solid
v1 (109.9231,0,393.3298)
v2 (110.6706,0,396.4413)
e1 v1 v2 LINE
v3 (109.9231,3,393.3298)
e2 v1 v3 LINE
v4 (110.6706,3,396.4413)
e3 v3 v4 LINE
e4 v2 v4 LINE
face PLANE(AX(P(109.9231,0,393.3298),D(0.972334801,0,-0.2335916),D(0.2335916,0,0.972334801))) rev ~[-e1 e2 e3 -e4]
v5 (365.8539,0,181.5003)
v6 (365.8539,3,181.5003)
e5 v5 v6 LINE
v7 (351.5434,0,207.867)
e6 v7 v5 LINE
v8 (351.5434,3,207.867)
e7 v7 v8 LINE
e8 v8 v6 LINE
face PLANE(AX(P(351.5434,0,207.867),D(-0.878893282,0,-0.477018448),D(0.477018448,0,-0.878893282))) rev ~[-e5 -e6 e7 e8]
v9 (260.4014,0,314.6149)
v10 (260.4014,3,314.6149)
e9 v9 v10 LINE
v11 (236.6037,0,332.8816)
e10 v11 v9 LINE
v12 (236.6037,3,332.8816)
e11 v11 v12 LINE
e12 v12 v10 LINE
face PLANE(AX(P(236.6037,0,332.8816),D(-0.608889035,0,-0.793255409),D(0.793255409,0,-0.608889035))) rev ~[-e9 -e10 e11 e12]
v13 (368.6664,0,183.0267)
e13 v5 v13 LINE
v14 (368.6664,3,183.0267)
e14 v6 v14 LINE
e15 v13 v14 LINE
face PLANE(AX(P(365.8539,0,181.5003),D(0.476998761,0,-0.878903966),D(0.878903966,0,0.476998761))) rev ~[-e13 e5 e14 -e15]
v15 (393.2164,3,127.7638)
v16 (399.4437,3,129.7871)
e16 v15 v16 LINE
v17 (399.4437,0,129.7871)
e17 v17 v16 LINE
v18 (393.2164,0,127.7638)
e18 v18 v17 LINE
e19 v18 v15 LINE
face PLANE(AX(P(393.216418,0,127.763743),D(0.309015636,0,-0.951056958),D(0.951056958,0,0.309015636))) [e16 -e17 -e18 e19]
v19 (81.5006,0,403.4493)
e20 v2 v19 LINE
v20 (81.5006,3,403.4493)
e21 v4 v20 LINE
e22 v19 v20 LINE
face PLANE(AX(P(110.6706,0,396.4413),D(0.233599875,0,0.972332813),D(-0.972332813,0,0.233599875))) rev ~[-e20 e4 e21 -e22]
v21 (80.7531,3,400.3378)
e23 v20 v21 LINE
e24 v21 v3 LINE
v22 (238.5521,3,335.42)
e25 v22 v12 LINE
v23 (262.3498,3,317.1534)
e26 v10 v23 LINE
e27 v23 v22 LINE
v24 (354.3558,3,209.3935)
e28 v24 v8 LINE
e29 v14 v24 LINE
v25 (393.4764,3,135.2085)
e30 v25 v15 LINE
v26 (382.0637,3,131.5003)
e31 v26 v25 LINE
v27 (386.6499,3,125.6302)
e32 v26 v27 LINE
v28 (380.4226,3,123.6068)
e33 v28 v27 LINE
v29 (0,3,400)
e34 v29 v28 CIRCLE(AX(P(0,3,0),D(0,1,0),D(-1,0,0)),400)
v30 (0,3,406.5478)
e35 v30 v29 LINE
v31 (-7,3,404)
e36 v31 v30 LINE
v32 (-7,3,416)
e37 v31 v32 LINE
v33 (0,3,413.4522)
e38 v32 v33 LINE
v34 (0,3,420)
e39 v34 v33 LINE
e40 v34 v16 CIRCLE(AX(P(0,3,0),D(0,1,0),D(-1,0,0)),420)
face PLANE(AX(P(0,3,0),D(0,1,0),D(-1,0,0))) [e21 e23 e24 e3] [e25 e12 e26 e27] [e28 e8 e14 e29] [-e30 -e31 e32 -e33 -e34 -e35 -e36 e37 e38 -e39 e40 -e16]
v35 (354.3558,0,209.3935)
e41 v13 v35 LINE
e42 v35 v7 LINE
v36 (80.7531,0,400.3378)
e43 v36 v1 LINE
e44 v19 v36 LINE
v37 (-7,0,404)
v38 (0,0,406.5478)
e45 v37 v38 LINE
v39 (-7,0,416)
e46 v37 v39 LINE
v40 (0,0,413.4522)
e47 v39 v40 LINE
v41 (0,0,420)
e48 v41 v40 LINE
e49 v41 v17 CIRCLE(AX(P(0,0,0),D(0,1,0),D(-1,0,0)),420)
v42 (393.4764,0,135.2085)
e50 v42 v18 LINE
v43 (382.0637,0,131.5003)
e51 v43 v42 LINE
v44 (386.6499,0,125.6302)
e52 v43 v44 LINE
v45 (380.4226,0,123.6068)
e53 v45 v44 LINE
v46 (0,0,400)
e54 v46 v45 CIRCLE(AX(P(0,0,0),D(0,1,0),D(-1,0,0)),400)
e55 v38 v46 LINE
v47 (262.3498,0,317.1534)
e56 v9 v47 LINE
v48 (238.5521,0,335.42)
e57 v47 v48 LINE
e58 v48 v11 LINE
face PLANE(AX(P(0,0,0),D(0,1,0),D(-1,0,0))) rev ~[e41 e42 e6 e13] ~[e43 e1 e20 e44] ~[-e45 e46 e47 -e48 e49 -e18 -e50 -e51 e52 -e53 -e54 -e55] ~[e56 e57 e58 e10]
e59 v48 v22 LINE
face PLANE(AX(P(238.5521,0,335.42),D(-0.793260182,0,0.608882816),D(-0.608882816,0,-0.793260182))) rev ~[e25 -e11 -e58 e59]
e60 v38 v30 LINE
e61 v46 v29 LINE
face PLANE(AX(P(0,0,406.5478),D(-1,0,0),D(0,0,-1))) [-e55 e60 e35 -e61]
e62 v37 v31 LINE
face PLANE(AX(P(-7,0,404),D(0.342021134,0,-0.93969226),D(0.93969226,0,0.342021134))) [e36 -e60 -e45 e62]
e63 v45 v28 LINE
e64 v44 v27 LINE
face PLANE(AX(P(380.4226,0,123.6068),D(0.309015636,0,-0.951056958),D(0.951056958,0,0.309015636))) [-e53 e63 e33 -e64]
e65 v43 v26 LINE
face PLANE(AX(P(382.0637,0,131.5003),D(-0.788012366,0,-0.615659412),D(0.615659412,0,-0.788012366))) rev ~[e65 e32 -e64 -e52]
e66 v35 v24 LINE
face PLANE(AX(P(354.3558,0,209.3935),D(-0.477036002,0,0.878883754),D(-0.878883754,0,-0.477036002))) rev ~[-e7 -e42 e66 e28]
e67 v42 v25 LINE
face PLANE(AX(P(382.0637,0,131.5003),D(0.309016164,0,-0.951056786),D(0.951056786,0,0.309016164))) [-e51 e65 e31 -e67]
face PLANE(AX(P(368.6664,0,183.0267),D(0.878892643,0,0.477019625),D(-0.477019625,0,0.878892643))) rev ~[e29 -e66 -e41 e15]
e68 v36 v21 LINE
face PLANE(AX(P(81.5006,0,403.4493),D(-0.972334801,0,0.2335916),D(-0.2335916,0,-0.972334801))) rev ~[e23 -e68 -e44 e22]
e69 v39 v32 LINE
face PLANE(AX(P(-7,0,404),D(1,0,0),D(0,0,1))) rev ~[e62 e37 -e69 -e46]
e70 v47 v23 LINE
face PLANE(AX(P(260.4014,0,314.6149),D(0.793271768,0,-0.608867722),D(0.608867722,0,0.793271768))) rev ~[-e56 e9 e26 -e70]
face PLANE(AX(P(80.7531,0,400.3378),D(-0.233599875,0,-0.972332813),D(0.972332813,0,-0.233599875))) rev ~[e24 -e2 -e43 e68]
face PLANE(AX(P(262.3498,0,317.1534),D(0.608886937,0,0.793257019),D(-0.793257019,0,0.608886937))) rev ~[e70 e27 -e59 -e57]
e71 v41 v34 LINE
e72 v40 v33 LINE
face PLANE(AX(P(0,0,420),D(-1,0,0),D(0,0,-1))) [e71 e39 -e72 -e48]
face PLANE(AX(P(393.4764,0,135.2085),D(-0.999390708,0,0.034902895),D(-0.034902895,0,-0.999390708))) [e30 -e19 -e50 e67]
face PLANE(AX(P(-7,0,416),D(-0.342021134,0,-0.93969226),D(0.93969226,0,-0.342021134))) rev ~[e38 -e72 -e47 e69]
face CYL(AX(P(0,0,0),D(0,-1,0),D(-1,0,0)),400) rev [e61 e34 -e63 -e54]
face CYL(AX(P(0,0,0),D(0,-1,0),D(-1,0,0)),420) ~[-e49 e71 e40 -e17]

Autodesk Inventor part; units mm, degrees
ref_plane "YZ Plane" through (0, 0, 0) normal (1, 0, 0) x (0, 1, 0)
ref_plane "XZ Plane" through (0, 0, 0) normal (0, 1, 0) x (-1, 0, 0)
ref_plane "XY Plane" through (0, 0, 0) normal (0, 0, 1) x (1, 0, 0)
sketch "Sketch1" plane through (0, 0, 0) normal (0, 1, 0) x (-1, 0, 0)
  circle A0 centre (0, 0) radius 400
  circle A1 centre (0, 0) radius 420
  line L0 (420, 0) -> (400, 0)
  line L1 (-420, 0) -> (-400, 0)
  line L2 (0, 0) -> (-380.4226, 123.6068) construction
  line L3 (0, 400) -> (0, 0) construction
  line L4 (0, 420) -> (0, 400)
  line L5 (-380.4226, 123.6068) -> (-399.4437, 129.7871)
  line L6 (-382.0637, 131.5003) -> (-393.4764, 135.2085)
  line L7 (-393.4764, 135.2085) -> (-393.2164, 127.7638)
  line L8 (-382.0637, 131.5003) -> (-386.6499, 125.6302)
  line L9 (-389.9332, 126.697) -> (-387.7701, 133.3544) construction
  line L10 (-368.6664, 183.0267) -> (-354.3558, 209.3935)
  line L11 (-354.3558, 209.3935) -> (-351.5434, 207.867)
  line L12 (-351.5434, 207.867) -> (-365.8539, 181.5003)
  line L13 (-365.8539, 181.5003) -> (-368.6664, 183.0267)
  line L14 (-368.6664, 183.0267) -> (-351.5434, 207.867) construction
  line L15 (-354.3558, 209.3935) -> (-365.8539, 181.5003) construction
  circle A2 centre (0, 0) radius 410 construction
  line L16 (-243.1284, -322.7284) -> (-238.9628, -328.9041)
  line L17 (-250.1818, -332.4366) -> (-243.0211, -334.4899)
  line L18 (-243.1284, -322.7284) -> (-250.1818, -332.4366)
  line L19 (231.8021, -330.9574) -> (238.9628, -328.9041)
  line L20 (238.8555, -340.6656) -> (243.0211, -334.4899)
  line L21 (231.8021, -330.9574) -> (238.8555, -340.6656)
  line L22 (386.39, 118.1855) -> (386.6499, 125.6302)
  line L23 (397.8026, 121.8937) -> (393.2164, 127.7638)
  line L24 (386.39, 118.1855) -> (397.8026, 121.8937)
  line L25 (7, 404) -> (0, 406.5478)
  line L26 (7, 416) -> (0, 413.4522)
  line L27 (7, 404) -> (7, 416)
  line L28 (-411.2372, 17.2531) -> (-408.8882, 47.161)
  line L29 (-408.047, 17.0025) -> (-411.2372, 17.2531)
  line L30 (-405.698, 46.9104) -> (-408.047, 17.0025)
  line L31 (-408.8882, 47.161) -> (-405.698, 46.9104)
  line L32 (-382.7013, -151.5037) -> (-392.72, -123.2261)
  line L33 (-379.685, -150.4351) -> (-382.7013, -151.5037)
  line L34 (-389.7037, -122.1574) -> (-379.685, -150.4351)
  line L35 (-392.72, -123.2261) -> (-389.7037, -122.1574)
  line L36 (-287.9929, -294.0642) -> (-308.647, -272.3062)
  line L37 (-285.6721, -291.8611) -> (-287.9929, -294.0642)
  line L38 (-306.3262, -270.1031) -> (-285.6721, -291.8611)
  line L39 (-308.647, -272.3062) -> (-306.3262, -270.1031)
  line L40 (-143.488, -385.7783) -> (-171.2062, -374.3022)
  line L41 (-142.2638, -382.8217) -> (-143.488, -385.7783)
  line L42 (-169.982, -371.3456) -> (-142.2638, -382.8217)
  line L43 (-171.2062, -374.3022) -> (-169.982, -371.3456)
  line L44 (25.8274, -410.7878) -> (-4.1622, -411.5779)
  line L45 (25.7431, -407.5889) -> (25.8274, -410.7878)
  line L46 (-4.2465, -408.379) -> (25.7431, -407.5889)
  line L47 (-4.1622, -411.5779) -> (-4.2465, -408.379)
  line L48 (190.677, -364.7684) -> (163.6015, -377.688)
  line L49 (189.2989, -361.8803) -> (190.677, -364.7684)
  line L50 (162.2234, -374.8) -> (189.2989, -361.8803)
  line L51 (163.6015, -377.688) -> (162.2234, -374.8)
  line L52 (322.5567, -255.6772) -> (303.0769, -278.4925)
  line L53 (320.1231, -253.5994) -> (322.5567, -255.6772)
  line L54 (300.6433, -276.4146) -> (320.1231, -253.5994)
  line L55 (303.0769, -278.4925) -> (300.6433, -276.4146)
  line L56 (398.6635, -102.3771) -> (390.1476, -131.143)
  line L57 (395.5952, -101.4687) -> (398.6635, -102.3771)
  line L58 (387.0793, -130.2347) -> (395.5952, -101.4687)
  line L59 (390.1476, -131.143) -> (387.0793, -130.2347)
  line L60 (405.8378, 68.6249) -> (409.7583, 38.8822)
  line L61 (402.6652, 68.2067) -> (405.8378, 68.6249)
  line L62 (406.5857, 38.464) -> (402.6652, 68.2067)
  line L63 (409.7583, 38.8822) -> (406.5857, 38.464)
  line L64 (342.839, 227.7611) -> (358.518, 202.1844)
  line L65 (340.1108, 226.0887) -> (342.839, 227.7611)
  line L66 (355.7898, 200.5119) -> (340.1108, 226.0887)
  line L67 (358.518, 202.1844) -> (355.7898, 200.5119)
  line L68 (220.5602, 347.5153) -> (245.2867, 330.527)
  line L69 (218.7481, 344.8778) -> (220.5602, 347.5153)
  line L70 (243.4746, 327.8895) -> (218.7481, 344.8778)
  line L71 (245.2867, 330.527) -> (243.4746, 327.8895)
  line L72 (60.1446, 407.1809) -> (89.6431, 401.7186)
  line L73 (59.5619, 404.0344) -> (60.1446, 407.1809)
  line L74 (89.0604, 398.572) -> (59.5619, 404.0344)
  line L75 (89.6431, 401.7186) -> (89.0604, 398.572)
  line L76 (-110.6706, 396.4413) -> (-81.5006, 403.4493)
  line L77 (-109.9231, 393.3298) -> (-110.6706, 396.4413)
  line L78 (-80.7531, 400.3378) -> (-109.9231, 393.3298)
  line L79 (-81.5006, 403.4493) -> (-80.7531, 400.3378)
  line L80 (-262.3498, 317.1534) -> (-238.5521, 335.42)
  line L81 (-260.4014, 314.6149) -> (-262.3498, 317.1534)
  line L82 (-236.6037, 332.8816) -> (-260.4014, 314.6149)
  line L83 (-238.5521, 335.42) -> (-236.6037, 332.8816)
  point P0 (410, 0)
  point P1 (-410, 0)
  point P2 (-360.1049, 195.4469)
  point P3 (-78.3853, 402.4372)
  point P4 (-367.2602, 182.2635)
  point P5 (-352.9496, 208.6303)
  point P6 (-246.6551, -327.5825)
  point P7 (235.3288, -335.8115)
  point P8 (392.0963, 120.0396)
  point P9 (7, 410)
  point P10 (-409.6421, 17.1278)
  point P11 (-407.2931, 47.0357)
  point P12 (-381.1932, -150.9694)
  point P13 (-391.2119, -122.6917)
  point P14 (-286.8325, -292.9626)
  point P15 (-307.4866, -271.2047)
  point P16 (-142.8759, -384.3)
  point P17 (-170.5941, -372.8239)
  point P18 (25.7853, -409.1884)
  point P19 (-4.2043, -409.9784)
  point P20 (189.9879, -363.3244)
  point P21 (162.9124, -376.244)
  point P22 (321.3399, -254.6383)
  point P23 (301.8601, -277.4536)
  point P24 (397.1293, -101.9229)
  point P25 (388.6135, -130.6889)
  point P26 (404.2515, 68.4158)
  point P27 (408.172, 38.6731)
  point P28 (341.4749, 226.9249)
  point P29 (357.1539, 201.3482)
  point P30 (219.6542, 346.1965)
  point P31 (244.3807, 329.2083)
  point P32 (59.8533, 405.6077)
  point P33 (89.3518, 400.1453)
  point P34 (-110.2968, 394.8856)
  point P35 (-81.1269, 401.8936)
  point P36 (-261.3756, 315.8841)
  point P37 (-237.5779, 334.1508)
  dimension "d0" = 800
  dimension "d1" = 840
  dimension "d4" = 72
  dimension "d5" = 7
  dimension "d6" = 70
  dimension "d8" = 12
  dimension "d13" = 3.2
  dimension "d14" = 30
  dimension "d15" = 50
  dimension "d20" = 820
  dimension "d23" = 360
  dimension "d27" = 360
extrude "Extrusion1" add sketch "Sketch1" along normal blind 3 contours A0 L5 L8 L6 L7 A1 L4 | L4 L26 L27 L25
properties part number "R80_CM_CIRCULO"
